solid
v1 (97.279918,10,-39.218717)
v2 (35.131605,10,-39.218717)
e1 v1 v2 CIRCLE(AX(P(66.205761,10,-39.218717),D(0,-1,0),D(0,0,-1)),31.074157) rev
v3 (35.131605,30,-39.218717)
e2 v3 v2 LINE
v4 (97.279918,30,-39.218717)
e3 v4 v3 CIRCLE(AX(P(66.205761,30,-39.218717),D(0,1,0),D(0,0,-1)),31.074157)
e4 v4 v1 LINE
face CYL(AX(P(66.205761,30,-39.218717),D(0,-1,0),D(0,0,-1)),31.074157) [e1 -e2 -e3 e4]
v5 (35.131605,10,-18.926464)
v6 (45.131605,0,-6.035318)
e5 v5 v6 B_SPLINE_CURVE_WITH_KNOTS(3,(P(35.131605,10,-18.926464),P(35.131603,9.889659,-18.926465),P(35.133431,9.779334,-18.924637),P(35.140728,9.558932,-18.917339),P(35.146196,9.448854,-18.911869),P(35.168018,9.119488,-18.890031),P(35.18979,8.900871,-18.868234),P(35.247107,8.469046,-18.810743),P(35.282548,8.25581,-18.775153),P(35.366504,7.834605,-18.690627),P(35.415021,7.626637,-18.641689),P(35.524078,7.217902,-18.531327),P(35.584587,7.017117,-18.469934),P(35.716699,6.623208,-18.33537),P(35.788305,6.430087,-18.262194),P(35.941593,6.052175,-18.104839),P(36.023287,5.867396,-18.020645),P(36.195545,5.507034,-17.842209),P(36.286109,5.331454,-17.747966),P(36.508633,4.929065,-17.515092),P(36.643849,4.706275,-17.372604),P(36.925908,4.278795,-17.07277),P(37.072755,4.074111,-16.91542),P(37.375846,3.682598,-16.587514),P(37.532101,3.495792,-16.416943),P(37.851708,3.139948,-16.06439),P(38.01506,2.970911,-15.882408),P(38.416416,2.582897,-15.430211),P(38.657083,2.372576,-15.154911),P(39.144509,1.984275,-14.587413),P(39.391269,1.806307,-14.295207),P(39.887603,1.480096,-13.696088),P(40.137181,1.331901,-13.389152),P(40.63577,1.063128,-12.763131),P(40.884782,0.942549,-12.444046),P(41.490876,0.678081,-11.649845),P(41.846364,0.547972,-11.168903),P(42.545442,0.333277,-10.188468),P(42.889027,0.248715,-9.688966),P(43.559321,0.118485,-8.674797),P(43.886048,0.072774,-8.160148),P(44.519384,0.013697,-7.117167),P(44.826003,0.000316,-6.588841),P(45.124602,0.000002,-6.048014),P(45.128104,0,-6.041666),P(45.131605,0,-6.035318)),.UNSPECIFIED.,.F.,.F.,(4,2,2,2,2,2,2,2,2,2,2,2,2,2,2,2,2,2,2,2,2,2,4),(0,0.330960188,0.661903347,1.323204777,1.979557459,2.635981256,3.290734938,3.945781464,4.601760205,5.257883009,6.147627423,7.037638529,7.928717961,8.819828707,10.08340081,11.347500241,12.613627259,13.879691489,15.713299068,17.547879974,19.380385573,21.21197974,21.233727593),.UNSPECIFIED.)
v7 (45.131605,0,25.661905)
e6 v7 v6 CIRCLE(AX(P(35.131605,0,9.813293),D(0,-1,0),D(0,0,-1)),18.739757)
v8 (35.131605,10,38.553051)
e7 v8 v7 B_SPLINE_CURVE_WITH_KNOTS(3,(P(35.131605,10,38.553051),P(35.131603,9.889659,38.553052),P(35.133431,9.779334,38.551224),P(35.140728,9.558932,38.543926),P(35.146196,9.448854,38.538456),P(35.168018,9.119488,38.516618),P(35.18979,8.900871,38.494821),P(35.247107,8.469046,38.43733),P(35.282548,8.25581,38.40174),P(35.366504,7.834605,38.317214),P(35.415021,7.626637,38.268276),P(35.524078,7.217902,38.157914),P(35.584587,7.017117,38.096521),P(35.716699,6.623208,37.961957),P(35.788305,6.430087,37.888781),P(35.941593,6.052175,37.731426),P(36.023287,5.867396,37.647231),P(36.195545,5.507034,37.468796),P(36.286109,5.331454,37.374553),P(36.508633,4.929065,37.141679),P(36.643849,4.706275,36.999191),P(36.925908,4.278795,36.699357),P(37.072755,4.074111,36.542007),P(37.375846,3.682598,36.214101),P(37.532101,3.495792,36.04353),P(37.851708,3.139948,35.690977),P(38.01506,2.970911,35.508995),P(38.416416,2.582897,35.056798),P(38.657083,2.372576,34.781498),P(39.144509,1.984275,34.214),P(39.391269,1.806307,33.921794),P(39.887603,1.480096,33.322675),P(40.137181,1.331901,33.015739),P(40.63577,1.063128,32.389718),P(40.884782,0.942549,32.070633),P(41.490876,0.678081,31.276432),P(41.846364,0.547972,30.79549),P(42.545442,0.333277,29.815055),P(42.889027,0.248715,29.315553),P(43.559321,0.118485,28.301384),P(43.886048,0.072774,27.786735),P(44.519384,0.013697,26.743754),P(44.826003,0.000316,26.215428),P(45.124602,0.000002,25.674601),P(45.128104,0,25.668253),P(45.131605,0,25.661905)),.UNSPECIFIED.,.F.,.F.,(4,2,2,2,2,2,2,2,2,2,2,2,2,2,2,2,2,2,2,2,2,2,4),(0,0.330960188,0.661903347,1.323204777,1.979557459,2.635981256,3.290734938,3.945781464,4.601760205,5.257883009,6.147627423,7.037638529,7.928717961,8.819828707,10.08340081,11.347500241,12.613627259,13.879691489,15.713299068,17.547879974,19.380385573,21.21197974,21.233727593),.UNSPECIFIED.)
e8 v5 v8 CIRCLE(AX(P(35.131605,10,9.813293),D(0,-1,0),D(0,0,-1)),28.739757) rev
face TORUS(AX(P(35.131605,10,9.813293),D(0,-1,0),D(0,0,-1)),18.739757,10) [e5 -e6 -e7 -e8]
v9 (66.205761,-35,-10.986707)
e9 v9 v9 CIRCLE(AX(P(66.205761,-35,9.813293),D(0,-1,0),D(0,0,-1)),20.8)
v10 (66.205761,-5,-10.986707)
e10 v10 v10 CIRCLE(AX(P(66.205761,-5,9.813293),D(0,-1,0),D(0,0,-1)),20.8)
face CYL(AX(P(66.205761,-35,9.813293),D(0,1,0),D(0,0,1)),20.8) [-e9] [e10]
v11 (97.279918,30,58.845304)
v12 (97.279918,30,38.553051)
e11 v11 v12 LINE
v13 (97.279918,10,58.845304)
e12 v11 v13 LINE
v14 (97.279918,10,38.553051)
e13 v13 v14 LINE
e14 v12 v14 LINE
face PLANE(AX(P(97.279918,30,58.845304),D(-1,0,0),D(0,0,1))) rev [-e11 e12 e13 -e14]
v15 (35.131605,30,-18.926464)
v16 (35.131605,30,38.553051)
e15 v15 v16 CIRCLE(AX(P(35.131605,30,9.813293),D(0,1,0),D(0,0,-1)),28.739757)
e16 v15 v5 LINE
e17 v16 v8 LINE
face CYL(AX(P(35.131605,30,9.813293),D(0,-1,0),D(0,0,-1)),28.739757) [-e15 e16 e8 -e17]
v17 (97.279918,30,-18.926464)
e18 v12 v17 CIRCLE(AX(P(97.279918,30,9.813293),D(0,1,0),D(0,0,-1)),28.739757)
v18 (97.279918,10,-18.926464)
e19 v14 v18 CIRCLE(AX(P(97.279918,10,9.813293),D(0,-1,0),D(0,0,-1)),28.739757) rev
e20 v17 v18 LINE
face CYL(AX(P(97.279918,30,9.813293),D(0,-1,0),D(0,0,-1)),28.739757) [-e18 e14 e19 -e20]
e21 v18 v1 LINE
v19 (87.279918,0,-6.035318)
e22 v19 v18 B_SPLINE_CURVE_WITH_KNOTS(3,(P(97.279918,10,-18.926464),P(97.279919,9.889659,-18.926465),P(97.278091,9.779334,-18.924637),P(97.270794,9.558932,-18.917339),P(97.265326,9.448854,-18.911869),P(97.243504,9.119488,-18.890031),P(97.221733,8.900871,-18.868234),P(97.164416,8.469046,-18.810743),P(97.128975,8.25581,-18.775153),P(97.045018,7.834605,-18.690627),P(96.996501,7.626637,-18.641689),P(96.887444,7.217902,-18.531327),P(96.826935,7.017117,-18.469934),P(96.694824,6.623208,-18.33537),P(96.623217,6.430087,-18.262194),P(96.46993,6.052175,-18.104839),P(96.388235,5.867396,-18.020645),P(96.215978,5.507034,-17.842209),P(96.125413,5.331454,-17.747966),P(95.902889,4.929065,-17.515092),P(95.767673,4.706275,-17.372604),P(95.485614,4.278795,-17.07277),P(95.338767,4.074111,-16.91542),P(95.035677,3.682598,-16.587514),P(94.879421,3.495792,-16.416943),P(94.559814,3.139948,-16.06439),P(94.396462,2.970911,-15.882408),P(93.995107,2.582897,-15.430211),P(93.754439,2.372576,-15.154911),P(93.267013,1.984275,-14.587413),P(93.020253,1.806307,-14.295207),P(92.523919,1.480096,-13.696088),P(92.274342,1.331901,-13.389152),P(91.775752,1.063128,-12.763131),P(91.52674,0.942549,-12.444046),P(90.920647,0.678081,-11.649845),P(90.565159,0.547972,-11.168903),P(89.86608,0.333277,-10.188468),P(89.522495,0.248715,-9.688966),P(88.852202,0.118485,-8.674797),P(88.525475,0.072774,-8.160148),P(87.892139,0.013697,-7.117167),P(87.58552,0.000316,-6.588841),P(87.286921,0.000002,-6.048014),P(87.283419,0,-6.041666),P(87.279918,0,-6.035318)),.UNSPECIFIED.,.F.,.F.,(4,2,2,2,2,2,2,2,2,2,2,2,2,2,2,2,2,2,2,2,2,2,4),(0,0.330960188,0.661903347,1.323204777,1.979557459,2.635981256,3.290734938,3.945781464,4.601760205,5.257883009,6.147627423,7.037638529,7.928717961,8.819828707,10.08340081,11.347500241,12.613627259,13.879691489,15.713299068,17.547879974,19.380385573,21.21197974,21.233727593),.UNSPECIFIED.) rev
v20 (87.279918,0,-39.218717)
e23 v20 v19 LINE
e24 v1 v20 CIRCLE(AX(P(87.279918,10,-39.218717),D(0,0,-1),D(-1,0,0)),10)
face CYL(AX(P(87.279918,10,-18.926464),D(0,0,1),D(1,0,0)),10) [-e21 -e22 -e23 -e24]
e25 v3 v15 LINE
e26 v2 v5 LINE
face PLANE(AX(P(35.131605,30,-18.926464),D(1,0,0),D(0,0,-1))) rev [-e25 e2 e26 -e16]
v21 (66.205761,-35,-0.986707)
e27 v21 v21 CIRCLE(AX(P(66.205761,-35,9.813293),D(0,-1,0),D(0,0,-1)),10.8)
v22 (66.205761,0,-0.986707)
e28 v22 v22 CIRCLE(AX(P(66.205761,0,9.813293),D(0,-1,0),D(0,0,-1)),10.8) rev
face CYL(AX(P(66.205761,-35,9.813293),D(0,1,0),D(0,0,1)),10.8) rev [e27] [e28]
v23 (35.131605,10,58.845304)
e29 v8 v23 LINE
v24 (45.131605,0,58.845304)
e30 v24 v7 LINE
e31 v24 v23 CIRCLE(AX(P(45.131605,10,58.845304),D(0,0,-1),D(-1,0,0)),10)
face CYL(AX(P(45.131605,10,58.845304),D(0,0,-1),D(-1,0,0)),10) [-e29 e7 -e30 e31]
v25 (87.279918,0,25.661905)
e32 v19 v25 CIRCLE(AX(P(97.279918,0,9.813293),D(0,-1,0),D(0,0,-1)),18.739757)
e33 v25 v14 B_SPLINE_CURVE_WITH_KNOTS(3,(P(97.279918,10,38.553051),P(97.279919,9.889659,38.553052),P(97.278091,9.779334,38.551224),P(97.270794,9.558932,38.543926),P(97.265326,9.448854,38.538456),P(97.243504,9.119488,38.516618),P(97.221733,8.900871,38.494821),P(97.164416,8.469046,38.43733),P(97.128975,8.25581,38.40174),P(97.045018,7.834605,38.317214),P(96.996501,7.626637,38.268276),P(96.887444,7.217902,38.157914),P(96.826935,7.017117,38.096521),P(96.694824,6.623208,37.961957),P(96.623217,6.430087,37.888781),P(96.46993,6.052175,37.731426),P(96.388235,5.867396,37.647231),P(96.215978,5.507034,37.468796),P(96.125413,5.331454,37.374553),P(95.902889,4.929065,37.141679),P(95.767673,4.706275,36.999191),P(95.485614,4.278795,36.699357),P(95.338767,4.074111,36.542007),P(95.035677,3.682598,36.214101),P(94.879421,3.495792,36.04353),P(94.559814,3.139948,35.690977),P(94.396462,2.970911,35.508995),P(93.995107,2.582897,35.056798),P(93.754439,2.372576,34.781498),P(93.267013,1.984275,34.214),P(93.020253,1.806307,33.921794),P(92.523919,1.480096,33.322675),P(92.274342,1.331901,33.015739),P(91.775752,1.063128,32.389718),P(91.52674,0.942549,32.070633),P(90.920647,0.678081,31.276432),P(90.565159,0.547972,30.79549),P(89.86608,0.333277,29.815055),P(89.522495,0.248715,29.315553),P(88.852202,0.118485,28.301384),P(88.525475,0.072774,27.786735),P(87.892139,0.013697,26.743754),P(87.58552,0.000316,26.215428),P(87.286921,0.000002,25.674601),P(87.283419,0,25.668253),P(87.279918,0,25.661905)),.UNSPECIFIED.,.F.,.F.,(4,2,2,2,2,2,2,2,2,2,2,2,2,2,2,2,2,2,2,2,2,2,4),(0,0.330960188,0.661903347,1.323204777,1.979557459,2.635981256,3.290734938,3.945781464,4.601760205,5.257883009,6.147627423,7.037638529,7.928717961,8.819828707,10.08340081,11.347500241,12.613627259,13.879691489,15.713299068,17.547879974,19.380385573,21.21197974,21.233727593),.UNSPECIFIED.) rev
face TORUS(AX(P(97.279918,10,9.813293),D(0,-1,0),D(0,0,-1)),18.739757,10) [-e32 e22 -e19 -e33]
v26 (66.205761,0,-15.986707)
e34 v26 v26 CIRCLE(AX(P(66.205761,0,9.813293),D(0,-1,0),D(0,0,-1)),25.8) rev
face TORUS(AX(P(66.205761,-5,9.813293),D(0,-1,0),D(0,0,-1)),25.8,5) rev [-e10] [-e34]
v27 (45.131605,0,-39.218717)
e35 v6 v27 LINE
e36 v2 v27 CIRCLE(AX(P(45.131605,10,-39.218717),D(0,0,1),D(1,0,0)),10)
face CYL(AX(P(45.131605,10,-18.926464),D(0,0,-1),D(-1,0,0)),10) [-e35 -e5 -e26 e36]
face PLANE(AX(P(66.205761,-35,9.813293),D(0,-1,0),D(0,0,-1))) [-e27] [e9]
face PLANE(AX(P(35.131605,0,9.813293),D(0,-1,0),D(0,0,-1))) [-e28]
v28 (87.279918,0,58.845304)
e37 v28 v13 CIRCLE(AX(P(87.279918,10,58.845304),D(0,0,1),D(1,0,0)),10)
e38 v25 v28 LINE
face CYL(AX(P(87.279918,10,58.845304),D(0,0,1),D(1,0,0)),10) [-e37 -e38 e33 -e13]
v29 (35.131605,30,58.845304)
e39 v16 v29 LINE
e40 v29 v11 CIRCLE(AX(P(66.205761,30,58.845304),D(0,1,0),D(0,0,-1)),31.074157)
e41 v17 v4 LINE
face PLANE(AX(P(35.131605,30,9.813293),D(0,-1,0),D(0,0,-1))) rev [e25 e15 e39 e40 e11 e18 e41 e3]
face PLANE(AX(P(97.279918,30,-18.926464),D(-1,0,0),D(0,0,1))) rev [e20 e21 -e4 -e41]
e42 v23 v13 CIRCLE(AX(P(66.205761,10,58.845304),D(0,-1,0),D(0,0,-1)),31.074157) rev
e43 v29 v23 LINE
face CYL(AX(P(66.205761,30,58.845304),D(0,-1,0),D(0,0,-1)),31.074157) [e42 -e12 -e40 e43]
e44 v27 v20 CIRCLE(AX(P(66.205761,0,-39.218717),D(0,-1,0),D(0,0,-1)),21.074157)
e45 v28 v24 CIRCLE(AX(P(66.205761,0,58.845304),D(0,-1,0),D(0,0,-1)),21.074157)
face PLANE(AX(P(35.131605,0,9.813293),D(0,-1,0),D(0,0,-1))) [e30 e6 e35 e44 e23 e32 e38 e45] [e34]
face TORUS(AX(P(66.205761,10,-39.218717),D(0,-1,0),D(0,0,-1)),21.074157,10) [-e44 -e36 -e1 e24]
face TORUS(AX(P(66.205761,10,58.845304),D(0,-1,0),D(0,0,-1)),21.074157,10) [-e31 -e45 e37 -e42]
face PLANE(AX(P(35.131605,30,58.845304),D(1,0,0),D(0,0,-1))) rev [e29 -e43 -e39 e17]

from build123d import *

# Parameters (mm, degrees)
SALIENTE_EXTRUIR1_DEPTH = 30
CROQUIS3_R              = 20.8
CROQUIS3_R_2            = 10.8
SALIENTE_EXTRUIR2_DEPTH = 35
REDONDEO1_R             = 5
REDONDEO4_R             = 10


with BuildPart() as part:
    # Croquis2 → Saliente-Extruir1 (new body)
    with BuildSketch(Plane(origin=(0, 0, 0), x_dir=(1, 0, 0), z_dir=(0, 1, 0))):
        with BuildLine():
            Line((35.131604566, 18.926463751), (35.131604566, 39.218716838))
            ThreePointArc((35.131604566, 39.218716838), (66.20576122, 70.292873492), (97.279917874, 39.218716838))
            Line((97.279917874, 39.218716838), (97.279917874, 18.926463751))
            ThreePointArc((97.279917874, 18.926463751), (126.019675086, -9.813293461), (97.279917874, -38.553050674))
            Line((97.279917874, -38.553050674), (97.279917874, -58.84530376))
            ThreePointArc((97.279917874, -58.84530376), (66.20576122, -89.919460414), (35.131604566, -58.84530376))
            Line((35.131604566, -58.84530376), (35.131604566, -38.553050674))
            ThreePointArc((35.131604566, -38.553050674), (6.391847353, -9.813293461), (35.131604566, 18.926463751))
        make_face()
    extrude(amount=SALIENTE_EXTRUIR1_DEPTH)

    # Croquis3 → Saliente-Extruir2 (add)
    with BuildSketch(Plane.XZ):
        with Locations(Location((66.20576122, 9.813293461, 0), (0, 0, 270))):
            Circle(CROQUIS3_R)
        with Locations(Location((66.20576122, 9.813293461, 0), (0, 0, 270))):
            Circle(CROQUIS3_R_2, mode=Mode.SUBTRACT)
    extrude(amount=SALIENTE_EXTRUIR2_DEPTH)

    # Redondeo1
    redondeo1_edges = [part.edges().sort_by_distance(p)[0] for p in [
        (66.20576122, 0, 30.613293461),
    ]]
    fillet(redondeo1_edges, radius=REDONDEO1_R)

    # Redondeo4
    redondeo4_edges = [part.edges().sort_by_distance(p)[0] for p in [
        (35.131604566, 0, 48.699177217),
        (6.391847353, 0, 9.813293461),
        (35.131604566, 0, -29.072590294),
        (66.20576122, 0, -70.292873492),
        (97.279917874, 0, -29.072590294),
        (126.019675086, 0, 9.813293461),
        (97.279917874, 0, 48.699177217),
        (66.20576122, 0, 89.919460414),
    ]]
    fillet(redondeo4_edges, radius=REDONDEO4_R)


solid = part.part
